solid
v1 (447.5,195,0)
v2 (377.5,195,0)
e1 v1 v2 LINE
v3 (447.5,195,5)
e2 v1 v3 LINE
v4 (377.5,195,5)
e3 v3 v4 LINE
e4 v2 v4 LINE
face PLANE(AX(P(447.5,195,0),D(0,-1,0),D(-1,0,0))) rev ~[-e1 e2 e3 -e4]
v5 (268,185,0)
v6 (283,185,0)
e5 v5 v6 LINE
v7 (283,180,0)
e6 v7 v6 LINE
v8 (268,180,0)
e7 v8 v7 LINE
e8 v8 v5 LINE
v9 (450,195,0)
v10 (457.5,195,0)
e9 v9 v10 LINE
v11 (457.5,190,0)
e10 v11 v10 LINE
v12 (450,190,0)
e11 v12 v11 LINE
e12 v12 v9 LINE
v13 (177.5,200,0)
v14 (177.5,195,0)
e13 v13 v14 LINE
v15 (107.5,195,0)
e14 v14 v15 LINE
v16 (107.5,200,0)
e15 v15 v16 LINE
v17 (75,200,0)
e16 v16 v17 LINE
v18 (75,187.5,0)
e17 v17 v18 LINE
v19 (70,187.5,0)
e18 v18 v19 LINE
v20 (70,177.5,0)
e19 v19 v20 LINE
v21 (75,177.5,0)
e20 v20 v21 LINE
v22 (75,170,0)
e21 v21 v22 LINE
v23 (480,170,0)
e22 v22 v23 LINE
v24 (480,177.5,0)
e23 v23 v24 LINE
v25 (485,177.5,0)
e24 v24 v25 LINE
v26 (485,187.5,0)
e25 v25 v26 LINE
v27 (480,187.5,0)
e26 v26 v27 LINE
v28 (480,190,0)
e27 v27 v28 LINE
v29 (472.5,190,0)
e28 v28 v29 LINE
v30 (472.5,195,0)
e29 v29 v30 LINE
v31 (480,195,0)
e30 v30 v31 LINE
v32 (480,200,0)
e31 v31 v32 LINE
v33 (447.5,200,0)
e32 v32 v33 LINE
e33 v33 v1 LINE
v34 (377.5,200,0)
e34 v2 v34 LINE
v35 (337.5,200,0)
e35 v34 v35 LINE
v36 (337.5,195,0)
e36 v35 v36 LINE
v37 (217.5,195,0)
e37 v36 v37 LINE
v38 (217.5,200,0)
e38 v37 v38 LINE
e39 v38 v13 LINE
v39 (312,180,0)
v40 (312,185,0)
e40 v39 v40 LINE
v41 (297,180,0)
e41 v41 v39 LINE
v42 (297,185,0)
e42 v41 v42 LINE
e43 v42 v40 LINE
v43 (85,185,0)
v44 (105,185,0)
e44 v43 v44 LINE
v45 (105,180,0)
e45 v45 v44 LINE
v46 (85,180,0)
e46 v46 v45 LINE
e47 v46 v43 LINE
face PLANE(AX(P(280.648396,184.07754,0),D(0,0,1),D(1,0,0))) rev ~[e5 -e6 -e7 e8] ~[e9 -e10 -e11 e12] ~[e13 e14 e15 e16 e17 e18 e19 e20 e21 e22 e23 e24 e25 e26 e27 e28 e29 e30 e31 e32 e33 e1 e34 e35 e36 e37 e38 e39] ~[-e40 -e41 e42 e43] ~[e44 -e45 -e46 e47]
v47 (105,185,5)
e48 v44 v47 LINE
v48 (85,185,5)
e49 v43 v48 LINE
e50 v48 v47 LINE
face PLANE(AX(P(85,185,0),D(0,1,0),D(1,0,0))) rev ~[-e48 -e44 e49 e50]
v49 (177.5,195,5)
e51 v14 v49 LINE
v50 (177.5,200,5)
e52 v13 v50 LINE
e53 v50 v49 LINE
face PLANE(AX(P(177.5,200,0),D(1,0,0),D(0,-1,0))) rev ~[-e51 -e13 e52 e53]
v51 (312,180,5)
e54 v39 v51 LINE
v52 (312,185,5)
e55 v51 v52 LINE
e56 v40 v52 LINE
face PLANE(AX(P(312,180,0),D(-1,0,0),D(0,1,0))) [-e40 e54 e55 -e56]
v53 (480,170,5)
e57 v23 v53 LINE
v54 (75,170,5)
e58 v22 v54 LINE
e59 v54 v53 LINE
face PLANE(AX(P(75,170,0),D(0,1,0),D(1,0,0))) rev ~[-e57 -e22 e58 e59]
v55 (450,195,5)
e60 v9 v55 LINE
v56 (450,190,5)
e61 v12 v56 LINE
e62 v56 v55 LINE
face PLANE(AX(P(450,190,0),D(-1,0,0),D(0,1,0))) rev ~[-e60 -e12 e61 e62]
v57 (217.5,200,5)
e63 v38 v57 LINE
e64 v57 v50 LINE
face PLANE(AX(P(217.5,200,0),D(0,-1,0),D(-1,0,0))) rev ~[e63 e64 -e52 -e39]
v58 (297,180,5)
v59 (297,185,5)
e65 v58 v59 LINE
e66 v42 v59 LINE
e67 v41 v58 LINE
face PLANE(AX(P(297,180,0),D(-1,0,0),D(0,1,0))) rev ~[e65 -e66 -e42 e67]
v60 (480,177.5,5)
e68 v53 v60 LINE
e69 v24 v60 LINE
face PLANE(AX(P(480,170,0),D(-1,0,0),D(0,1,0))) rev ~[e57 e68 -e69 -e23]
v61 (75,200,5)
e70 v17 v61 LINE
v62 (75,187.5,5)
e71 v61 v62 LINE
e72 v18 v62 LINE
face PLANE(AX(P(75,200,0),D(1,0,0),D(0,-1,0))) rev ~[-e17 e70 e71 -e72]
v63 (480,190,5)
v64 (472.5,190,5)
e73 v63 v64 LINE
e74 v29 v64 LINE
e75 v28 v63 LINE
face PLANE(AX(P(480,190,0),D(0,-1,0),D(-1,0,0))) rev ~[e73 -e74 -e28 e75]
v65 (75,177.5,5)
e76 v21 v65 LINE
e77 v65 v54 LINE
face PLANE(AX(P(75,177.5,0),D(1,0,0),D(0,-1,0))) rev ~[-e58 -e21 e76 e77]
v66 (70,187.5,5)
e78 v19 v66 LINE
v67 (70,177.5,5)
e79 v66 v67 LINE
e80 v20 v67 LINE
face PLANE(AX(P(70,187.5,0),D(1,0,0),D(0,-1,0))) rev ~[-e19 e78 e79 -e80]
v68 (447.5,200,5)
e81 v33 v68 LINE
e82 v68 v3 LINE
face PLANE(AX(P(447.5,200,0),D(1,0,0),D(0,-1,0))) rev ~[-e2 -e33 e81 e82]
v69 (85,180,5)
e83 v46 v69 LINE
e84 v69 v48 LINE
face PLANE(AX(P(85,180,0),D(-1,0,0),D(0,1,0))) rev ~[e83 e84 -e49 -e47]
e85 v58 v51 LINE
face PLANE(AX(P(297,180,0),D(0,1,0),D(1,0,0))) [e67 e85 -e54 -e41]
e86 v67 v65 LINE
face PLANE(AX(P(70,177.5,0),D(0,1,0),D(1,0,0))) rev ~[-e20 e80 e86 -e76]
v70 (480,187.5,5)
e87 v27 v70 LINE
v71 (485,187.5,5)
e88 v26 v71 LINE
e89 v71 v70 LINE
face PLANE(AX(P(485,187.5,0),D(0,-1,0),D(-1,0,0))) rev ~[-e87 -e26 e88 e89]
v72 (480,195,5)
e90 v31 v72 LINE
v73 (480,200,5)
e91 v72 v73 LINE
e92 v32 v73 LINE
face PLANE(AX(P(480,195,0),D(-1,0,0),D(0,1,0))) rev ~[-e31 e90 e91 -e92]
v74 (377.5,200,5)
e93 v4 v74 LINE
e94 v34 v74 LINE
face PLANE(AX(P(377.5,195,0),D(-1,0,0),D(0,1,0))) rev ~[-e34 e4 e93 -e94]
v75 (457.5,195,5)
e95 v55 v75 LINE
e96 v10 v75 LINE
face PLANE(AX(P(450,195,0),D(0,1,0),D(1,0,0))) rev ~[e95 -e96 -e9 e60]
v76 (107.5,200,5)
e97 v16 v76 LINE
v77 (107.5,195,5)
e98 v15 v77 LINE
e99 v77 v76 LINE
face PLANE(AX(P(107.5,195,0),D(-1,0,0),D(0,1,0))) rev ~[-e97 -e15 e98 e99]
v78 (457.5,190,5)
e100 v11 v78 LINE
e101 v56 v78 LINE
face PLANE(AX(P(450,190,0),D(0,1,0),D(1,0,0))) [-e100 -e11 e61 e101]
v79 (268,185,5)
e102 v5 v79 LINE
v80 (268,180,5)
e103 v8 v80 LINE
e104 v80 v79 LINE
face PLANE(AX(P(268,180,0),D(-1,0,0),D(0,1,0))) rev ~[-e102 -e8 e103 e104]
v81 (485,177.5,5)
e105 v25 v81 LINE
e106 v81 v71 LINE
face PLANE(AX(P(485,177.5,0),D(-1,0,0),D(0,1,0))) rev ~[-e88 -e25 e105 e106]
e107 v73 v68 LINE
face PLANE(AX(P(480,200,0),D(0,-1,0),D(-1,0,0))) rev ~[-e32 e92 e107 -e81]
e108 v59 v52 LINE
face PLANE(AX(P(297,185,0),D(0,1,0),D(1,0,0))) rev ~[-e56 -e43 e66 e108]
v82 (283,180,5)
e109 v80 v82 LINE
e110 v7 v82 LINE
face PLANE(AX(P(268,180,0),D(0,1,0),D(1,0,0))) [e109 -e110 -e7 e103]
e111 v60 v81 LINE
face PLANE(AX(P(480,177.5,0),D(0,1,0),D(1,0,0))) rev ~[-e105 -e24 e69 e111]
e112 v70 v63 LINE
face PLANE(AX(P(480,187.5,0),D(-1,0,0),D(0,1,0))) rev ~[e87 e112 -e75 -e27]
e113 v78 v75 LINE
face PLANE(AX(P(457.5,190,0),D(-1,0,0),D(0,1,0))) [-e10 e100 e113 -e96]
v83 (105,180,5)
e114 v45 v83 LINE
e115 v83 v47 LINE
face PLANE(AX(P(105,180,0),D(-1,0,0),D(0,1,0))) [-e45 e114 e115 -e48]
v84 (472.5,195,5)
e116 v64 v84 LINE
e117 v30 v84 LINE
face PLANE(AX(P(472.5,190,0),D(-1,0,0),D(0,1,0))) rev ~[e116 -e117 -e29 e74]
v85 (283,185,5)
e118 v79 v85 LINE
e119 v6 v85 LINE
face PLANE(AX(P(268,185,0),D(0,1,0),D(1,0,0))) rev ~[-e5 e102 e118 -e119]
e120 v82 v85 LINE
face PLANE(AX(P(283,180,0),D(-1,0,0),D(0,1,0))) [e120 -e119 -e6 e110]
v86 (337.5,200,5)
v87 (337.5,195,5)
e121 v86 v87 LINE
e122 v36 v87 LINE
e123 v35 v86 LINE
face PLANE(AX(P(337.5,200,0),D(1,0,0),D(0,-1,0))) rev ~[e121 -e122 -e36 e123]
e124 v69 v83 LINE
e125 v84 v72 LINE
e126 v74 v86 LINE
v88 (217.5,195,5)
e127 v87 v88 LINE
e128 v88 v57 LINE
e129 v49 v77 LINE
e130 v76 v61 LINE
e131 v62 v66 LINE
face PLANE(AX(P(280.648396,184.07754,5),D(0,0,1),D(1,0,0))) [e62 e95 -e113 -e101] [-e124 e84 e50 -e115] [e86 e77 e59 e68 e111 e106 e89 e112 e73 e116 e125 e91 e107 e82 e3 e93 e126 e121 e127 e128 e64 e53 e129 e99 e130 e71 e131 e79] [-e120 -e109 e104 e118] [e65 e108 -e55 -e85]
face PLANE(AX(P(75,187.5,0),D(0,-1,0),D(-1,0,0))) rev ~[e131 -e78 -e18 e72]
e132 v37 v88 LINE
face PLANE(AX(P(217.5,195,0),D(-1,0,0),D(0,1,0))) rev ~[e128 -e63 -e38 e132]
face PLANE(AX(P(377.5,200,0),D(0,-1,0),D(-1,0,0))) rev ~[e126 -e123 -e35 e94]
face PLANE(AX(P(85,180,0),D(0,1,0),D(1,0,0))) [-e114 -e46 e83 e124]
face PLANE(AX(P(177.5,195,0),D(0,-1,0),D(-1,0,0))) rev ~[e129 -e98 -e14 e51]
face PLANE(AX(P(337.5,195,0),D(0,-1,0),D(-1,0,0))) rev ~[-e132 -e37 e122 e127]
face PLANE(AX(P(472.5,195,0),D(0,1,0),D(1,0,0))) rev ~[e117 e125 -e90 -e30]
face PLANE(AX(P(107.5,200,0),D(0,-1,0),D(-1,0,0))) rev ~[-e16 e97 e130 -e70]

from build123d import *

# Parameters (mm, degrees)
SKETCH1_W           = 7.5
SKETCH1_H           = 5
SKETCH1_W_2         = 20
SKETCH1_W_3         = 15
BOSS_EXTRUDE1_DEPTH = 5


with BuildPart() as part:
    # Sketch1 → Boss-Extrude1 (new body)
    with BuildSketch(Plane.XY):
        Polygon((480, 177.5), (485, 177.5), (485, 187.5), (480, 187.5), (480, 190), (472.5, 190), (472.5, 195), (480, 195), (480, 200), (447.5, 200), (447.5, 195), (377.5, 195), (377.5, 200), (337.5, 200), (337.5, 195), (217.5, 195), (217.5, 200), (177.5, 200), (177.5, 195), (107.5, 195), (107.5, 200), (75, 200), (75, 195), (75, 187.5), (70, 187.5), (70, 177.5), (75, 177.5), (75, 170), (480, 170), align=None)
        with Locations((453.75, 192.5)):
            Rectangle(SKETCH1_W, SKETCH1_H, mode=Mode.SUBTRACT)
        with Locations((95, 182.5)):
            Rectangle(SKETCH1_W_2, SKETCH1_H, mode=Mode.SUBTRACT)
        with Locations((304.5, 182.5)):
            Rectangle(SKETCH1_W_3, SKETCH1_H, mode=Mode.SUBTRACT)
        with Locations((275.5, 182.5)):
            Rectangle(SKETCH1_W_3, SKETCH1_H, mode=Mode.SUBTRACT)
    extrude(amount=BOSS_EXTRUDE1_DEPTH)


solid = part.part
